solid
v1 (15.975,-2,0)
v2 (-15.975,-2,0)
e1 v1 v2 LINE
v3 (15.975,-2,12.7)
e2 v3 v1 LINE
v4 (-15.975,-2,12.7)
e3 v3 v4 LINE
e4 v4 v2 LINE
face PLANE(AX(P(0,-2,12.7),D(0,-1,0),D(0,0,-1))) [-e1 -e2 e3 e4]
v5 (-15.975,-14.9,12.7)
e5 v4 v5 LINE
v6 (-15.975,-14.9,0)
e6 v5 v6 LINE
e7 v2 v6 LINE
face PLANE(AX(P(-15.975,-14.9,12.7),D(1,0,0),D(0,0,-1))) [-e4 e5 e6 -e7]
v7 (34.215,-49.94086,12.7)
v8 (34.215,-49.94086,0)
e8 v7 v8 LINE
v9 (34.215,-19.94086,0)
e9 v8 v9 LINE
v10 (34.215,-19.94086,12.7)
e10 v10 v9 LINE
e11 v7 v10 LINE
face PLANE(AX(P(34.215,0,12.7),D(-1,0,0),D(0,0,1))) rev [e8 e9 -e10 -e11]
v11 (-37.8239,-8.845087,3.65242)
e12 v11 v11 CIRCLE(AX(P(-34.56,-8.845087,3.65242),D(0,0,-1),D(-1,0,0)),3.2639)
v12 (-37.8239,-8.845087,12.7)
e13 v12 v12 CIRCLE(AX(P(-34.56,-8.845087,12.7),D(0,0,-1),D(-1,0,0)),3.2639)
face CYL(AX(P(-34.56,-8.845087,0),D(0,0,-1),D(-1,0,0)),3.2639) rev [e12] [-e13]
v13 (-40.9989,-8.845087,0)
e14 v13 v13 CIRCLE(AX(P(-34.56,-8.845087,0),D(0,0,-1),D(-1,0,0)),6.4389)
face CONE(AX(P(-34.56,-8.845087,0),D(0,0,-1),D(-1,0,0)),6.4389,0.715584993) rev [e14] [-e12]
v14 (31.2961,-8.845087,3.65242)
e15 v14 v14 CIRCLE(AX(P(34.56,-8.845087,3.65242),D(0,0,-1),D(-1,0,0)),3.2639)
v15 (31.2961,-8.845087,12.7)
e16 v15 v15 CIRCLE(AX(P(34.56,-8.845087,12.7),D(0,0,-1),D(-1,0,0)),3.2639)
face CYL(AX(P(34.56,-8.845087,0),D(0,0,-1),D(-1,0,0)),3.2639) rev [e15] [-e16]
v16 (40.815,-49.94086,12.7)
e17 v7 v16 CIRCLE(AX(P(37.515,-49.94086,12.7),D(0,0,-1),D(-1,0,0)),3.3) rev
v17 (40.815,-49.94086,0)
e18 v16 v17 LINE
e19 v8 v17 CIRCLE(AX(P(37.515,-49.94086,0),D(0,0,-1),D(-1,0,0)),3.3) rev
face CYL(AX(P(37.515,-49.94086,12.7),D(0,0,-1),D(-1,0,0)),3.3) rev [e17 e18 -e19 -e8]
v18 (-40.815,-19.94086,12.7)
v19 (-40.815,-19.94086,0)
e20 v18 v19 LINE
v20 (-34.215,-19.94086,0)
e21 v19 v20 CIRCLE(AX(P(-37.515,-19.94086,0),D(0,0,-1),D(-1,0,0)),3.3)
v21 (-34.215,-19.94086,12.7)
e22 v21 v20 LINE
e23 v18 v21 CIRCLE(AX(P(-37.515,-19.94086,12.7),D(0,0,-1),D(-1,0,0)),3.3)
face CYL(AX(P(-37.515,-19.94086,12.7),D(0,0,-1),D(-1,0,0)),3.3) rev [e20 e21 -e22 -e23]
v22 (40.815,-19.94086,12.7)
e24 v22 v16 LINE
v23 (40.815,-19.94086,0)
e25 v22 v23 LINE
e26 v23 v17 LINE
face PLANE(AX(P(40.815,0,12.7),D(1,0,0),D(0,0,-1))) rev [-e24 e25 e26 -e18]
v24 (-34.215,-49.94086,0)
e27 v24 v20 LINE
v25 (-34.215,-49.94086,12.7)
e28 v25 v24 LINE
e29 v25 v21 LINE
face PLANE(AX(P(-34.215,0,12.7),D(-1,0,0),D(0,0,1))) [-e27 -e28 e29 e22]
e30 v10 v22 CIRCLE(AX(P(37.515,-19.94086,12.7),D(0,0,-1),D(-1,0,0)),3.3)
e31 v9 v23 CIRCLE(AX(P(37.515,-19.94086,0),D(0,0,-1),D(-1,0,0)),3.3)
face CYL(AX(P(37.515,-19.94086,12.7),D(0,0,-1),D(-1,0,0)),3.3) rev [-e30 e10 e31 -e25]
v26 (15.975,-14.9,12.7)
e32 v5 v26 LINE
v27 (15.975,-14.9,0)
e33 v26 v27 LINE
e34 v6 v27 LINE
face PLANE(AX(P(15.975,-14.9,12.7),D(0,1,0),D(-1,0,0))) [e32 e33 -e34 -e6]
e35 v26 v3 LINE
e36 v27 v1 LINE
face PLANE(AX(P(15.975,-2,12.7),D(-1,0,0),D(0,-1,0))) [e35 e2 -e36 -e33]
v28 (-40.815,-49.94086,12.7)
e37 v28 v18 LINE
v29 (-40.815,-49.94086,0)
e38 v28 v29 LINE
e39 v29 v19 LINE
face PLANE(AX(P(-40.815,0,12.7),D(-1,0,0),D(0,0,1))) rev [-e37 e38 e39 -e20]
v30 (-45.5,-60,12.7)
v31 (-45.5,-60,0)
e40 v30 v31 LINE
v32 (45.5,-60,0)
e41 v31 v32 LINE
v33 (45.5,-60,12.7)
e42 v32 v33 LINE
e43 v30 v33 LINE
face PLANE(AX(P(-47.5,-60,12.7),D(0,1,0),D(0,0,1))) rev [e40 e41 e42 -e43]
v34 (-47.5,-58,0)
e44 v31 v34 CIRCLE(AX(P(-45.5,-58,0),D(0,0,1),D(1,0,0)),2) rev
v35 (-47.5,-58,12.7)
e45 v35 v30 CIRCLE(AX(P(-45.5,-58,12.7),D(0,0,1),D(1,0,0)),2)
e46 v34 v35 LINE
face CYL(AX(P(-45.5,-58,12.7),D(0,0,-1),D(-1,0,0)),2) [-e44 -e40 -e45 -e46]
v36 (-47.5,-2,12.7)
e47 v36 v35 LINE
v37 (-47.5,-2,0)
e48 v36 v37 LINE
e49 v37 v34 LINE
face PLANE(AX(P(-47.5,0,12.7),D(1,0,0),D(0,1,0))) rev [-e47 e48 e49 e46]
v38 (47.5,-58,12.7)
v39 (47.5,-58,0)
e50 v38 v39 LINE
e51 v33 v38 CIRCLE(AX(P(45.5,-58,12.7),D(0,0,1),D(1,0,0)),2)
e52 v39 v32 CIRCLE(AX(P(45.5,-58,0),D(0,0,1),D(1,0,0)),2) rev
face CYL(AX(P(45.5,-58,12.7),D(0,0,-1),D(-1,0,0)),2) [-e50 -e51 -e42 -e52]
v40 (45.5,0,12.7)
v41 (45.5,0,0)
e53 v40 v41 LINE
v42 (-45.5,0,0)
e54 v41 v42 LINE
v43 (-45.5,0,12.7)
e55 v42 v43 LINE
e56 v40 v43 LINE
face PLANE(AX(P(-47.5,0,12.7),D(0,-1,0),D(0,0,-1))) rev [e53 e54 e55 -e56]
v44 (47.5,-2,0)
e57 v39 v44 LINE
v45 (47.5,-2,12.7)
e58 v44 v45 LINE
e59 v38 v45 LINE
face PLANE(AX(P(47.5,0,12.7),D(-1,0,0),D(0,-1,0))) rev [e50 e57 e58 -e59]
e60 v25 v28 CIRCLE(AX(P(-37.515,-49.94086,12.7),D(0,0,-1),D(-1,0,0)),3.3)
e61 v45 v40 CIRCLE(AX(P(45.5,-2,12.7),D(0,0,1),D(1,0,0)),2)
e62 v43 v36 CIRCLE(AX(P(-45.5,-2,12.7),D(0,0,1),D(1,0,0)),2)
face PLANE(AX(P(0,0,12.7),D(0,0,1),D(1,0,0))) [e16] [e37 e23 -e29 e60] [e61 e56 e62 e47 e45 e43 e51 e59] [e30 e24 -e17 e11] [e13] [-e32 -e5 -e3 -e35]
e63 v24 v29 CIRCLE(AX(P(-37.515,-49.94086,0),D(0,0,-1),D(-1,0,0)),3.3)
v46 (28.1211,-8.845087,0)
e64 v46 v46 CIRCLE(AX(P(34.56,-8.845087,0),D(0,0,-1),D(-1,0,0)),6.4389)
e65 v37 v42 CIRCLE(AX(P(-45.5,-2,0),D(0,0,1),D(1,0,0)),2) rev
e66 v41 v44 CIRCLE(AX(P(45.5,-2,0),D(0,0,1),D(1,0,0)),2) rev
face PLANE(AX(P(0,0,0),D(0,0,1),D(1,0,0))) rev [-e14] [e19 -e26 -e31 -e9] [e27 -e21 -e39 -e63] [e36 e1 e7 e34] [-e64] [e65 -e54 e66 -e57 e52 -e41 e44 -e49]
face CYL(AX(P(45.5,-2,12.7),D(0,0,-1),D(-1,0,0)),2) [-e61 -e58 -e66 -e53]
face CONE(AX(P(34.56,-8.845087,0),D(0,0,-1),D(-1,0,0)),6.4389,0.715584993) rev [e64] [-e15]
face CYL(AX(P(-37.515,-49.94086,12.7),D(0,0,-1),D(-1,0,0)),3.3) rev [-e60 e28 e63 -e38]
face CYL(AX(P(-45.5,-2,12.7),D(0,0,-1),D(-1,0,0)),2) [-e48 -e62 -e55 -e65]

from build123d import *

# Parameters (mm, degrees)
SKETCH1_W                                        = 95
SKETCH1_H                                        = 60
BOSS_EXTRUDE1_DEPTH                              = 12.7
CSK_FOR_1_4_FLAT_HEAD_MACHINE_SCREW2_D           = 6.5278
CSK_FOR_1_4_FLAT_HEAD_MACHINE_SCREW2_CSINK_D     = 12.8778
CSK_FOR_1_4_FLAT_HEAD_MACHINE_SCREW2_CSINK_ANGLE = 82
FILLET1_R                                        = 2
FILLET2_R                                        = 2
CUT_EXTRUDE1_DEPTH                               = 78.572804513


with BuildPart() as part:
    # Sketch1 → Boss-Extrude1 (new body)
    with BuildSketch(Plane.XY):
        with Locations((0, -30)):
            Rectangle(SKETCH1_W, SKETCH1_H)
        Polygon((0, -2), (15.975, -2), (15.975, -14.9), (-15.975, -14.9), (-15.975, -2), align=None, mode=Mode.SUBTRACT)
    extrude(amount=BOSS_EXTRUDE1_DEPTH)

    # CSK for 1/4 Flat Head Machine Screw2 (through all)
    with Locations(Plane(origin=(0, 0, 0), x_dir=(-1, 0, 0), z_dir=(0, 0, -1))):
        with Locations((-34.56, -8.845086615), (34.56, -8.845086615)):
            CounterSinkHole(CSK_FOR_1_4_FLAT_HEAD_MACHINE_SCREW2_D / 2, CSK_FOR_1_4_FLAT_HEAD_MACHINE_SCREW2_CSINK_D / 2, counter_sink_angle=CSK_FOR_1_4_FLAT_HEAD_MACHINE_SCREW2_CSINK_ANGLE)

    # Fillet1
    fillet1_edges = [part.edges().sort_by_distance(p)[0] for p in [
        (-47.5, 0, 6.35),
        (-47.5, -60, 6.35),
    ]]
    fillet(fillet1_edges, radius=FILLET1_R)

    # Fillet2
    fillet2_edges = [part.edges().sort_by_distance(p)[0] for p in [
        (47.5, 0, 6.35),
        (47.5, -60, 6.35),
    ]]
    fillet(fillet2_edges, radius=FILLET2_R)

    # Sketch9 → Cut-Extrude1 (cut, through all)
    with BuildSketch(Plane(origin=(0, 0, 0), x_dir=(-1, 0, 0), z_dir=(0, 0, -1))):
        with BuildLine():
            Line((-34.215, -49.94085979), (-34.215, -19.94085979))
            ThreePointArc((-34.215, -19.94085979), (-37.515, -16.64085979), (-40.815, -19.94085979))
            Line((-40.815, -19.94085979), (-40.815, -49.94085979))
            ThreePointArc((-40.815, -49.94085979), (-37.515, -53.24085979), (-34.215, -49.94085979))
        make_face()
        with BuildLine():
            Line((40.815, -49.94085979), (40.815, -19.94085979))
            ThreePointArc((40.815, -19.94085979), (37.515, -16.64085979), (34.215, -19.94085979))
            Line((34.215, -19.94085979), (34.215, -49.94085979))
            ThreePointArc((34.215, -49.94085979), (37.515, -53.24085979), (40.815, -49.94085979))
        make_face()
    extrude(amount=-CUT_EXTRUDE1_DEPTH, mode=Mode.SUBTRACT)


solid = part.part
